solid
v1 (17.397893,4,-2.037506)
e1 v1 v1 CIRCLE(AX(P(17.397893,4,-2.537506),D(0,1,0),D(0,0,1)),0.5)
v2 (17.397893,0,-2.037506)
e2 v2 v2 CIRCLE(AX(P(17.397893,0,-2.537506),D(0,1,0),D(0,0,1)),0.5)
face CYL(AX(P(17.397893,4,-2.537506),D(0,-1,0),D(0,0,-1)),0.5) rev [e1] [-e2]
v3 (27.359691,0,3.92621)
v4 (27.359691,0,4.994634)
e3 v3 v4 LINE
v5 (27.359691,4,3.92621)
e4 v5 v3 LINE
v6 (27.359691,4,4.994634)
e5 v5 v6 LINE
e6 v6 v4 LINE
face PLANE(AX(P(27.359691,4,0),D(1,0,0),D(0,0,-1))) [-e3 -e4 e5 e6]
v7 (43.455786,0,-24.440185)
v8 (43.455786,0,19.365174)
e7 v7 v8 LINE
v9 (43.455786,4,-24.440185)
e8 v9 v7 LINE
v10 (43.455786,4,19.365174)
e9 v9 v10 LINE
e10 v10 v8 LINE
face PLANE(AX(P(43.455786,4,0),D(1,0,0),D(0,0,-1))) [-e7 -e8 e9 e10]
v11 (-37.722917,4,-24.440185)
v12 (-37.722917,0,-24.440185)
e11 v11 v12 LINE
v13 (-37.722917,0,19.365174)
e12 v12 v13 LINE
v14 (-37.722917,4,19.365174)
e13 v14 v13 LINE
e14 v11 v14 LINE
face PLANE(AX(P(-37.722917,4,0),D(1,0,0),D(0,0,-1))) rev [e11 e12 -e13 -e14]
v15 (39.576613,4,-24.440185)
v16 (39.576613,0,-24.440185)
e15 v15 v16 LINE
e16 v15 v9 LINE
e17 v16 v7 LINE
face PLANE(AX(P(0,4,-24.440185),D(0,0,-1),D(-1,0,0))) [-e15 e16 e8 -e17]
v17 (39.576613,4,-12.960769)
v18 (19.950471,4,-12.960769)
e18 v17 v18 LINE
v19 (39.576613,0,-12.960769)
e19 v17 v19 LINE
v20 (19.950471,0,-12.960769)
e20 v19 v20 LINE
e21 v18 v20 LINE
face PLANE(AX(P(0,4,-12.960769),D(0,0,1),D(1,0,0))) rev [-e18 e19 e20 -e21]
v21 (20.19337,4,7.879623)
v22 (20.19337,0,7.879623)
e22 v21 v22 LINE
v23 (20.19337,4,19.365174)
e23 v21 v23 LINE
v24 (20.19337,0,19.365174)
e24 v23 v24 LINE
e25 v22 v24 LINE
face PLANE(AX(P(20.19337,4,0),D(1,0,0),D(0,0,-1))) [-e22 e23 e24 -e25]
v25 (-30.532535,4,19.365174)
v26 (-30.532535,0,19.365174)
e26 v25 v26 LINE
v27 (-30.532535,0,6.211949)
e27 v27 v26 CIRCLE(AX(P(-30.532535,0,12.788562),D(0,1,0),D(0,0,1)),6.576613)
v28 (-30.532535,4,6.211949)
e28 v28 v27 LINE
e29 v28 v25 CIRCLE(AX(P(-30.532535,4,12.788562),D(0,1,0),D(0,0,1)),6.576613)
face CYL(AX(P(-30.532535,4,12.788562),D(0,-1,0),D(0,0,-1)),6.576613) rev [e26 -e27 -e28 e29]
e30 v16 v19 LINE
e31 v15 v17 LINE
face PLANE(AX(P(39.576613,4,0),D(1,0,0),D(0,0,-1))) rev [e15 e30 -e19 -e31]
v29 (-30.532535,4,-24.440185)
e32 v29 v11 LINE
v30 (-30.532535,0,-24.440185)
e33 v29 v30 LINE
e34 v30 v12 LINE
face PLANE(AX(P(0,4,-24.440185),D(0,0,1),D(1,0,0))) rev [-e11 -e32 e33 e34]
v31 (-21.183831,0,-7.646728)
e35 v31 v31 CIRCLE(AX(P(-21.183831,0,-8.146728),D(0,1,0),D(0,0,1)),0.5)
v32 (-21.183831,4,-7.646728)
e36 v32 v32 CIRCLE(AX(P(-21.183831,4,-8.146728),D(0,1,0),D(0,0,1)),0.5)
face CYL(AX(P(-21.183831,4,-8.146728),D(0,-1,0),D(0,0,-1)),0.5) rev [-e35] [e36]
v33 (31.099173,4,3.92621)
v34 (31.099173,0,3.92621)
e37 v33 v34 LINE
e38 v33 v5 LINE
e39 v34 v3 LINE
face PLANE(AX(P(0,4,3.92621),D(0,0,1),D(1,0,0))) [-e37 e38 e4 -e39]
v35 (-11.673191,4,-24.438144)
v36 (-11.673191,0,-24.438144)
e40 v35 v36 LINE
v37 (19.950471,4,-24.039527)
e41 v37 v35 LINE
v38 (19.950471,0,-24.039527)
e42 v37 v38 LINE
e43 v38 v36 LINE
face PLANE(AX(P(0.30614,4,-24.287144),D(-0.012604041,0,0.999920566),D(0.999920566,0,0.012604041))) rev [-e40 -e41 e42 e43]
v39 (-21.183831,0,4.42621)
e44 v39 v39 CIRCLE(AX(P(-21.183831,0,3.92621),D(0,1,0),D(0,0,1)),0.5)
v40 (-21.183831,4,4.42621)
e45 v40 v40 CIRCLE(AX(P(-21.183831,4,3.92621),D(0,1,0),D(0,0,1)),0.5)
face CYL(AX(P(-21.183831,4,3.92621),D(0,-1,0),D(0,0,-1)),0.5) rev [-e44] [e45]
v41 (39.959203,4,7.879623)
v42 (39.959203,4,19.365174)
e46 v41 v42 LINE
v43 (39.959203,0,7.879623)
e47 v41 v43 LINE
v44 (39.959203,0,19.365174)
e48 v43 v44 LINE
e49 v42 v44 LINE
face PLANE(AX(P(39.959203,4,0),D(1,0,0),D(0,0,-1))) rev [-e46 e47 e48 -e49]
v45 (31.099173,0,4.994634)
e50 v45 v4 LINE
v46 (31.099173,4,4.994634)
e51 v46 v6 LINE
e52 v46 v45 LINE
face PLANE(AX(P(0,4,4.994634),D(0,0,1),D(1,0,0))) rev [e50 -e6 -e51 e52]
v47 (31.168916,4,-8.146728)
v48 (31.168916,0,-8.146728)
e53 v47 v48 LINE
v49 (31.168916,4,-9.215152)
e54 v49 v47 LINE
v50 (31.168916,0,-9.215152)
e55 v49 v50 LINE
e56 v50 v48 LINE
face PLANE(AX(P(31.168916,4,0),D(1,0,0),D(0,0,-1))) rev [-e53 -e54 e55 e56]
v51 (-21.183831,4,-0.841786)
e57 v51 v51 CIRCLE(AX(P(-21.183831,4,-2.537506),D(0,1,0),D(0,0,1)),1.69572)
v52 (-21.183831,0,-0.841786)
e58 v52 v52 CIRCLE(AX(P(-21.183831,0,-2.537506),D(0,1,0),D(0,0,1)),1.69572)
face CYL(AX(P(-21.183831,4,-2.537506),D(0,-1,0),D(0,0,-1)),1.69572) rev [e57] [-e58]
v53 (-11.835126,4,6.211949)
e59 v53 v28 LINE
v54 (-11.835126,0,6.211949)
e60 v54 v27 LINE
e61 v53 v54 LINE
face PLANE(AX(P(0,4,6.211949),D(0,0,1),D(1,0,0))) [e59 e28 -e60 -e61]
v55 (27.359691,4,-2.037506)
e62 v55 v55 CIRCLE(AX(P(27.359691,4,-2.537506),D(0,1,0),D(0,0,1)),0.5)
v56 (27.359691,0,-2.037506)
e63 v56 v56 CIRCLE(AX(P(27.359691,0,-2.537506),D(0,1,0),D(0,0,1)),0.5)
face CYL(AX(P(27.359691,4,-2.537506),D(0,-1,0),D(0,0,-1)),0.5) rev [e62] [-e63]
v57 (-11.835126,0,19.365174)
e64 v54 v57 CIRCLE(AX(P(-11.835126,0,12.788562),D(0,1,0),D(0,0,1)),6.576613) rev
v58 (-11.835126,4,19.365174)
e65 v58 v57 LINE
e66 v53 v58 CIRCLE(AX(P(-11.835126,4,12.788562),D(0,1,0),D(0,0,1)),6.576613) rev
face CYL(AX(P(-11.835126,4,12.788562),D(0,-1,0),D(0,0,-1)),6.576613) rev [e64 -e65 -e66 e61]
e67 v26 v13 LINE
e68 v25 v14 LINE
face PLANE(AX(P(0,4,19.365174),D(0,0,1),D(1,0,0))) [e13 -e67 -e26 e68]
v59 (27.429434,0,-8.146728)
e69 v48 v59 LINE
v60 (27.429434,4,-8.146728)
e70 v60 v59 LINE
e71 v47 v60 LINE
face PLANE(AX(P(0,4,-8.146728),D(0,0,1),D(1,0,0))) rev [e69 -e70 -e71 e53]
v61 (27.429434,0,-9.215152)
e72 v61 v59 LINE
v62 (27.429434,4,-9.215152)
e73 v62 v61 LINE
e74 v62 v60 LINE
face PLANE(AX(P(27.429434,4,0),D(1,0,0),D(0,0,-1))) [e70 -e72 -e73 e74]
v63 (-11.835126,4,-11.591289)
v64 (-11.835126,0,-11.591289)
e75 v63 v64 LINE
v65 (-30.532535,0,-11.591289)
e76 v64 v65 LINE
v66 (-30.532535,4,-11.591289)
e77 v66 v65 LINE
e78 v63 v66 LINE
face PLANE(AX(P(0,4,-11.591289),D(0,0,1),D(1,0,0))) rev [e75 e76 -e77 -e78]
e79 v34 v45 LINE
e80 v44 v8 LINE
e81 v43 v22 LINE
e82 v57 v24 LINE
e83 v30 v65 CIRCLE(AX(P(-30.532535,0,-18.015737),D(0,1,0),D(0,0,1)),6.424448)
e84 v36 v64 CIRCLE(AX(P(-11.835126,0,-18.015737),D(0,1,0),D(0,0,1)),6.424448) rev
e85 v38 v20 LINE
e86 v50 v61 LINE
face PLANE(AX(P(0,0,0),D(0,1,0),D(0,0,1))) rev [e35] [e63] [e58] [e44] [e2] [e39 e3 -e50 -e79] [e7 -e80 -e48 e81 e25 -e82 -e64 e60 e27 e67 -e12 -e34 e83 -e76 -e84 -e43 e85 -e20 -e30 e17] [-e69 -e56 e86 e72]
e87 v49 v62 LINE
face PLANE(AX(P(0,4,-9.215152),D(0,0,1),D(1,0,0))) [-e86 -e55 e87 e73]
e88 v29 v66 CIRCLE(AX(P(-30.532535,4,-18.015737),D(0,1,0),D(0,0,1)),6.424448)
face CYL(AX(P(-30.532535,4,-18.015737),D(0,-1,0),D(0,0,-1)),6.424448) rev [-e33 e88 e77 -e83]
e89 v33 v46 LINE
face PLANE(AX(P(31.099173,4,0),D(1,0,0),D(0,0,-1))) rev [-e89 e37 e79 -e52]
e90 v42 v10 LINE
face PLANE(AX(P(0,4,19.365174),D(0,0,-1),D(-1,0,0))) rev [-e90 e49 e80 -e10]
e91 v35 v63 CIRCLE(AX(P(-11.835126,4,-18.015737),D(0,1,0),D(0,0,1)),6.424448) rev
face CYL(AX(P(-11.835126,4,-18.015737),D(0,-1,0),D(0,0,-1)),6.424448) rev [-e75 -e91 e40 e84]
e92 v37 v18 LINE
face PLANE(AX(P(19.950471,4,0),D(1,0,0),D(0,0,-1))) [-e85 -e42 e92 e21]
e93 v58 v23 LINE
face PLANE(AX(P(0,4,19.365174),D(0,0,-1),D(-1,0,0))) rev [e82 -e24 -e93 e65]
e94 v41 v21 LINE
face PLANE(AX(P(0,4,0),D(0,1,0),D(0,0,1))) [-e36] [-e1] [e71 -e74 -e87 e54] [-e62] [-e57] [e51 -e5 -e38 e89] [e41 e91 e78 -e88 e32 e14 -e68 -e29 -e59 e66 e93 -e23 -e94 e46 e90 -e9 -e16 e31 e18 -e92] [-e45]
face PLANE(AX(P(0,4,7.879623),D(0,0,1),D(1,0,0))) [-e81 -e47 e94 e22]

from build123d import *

# Parameters (mm, degrees)
SKETCH1_R           = 0.5
SKETCH1_R_2         = 1.695720035
SKETCH1_W           = 3.739481929
SKETCH1_H           = 1.068423409
SKETCH1_W_2         = 3.73948193
BOSS_EXTRUDE1_DEPTH = 4


with BuildPart() as part:
    # Sketch1 → Boss-Extrude1 (new body)
    with BuildSketch(Plane(origin=(0, 0, 0), x_dir=(1, 0, 0), z_dir=(0, 1, 0))):
        with BuildLine():
            Line((43.455785529, -19.365174275), (43.455785529, 24.440185465))
            Line((43.455785529, 24.440185465), (39.576612996, 24.440185465))
            Line((39.576612996, 24.440185465), (39.576612996, 12.960768953))
            Line((39.576612996, 12.960768953), (19.950470546, 12.960768953))
            Line((19.950470546, 12.960768953), (19.950470546, 24.039526687))
            Line((19.950470546, 24.039526687), (-11.673190701, 24.438144265))
            ThreePointArc((-11.673190701, 24.438144265), (-5.411187986, 17.934763274), (-11.83512585, 11.591289096))
            Line((-11.83512585, 11.591289096), (-30.532535496, 11.591289096))
            ThreePointArc((-30.532535496, 11.591289096), (-36.95698368, 18.01573728), (-30.532535496, 24.440185465))
            Line((-30.532535496, 24.440185465), (-37.72291673, 24.440185465))
            Line((-37.72291673, 24.440185465), (-37.72291673, -19.365174275))
            Line((-37.72291673, -19.365174275), (-30.532535496, -19.365174275))
            ThreePointArc((-30.532535496, -19.365174275), (-37.109148108, -12.788561662), (-30.532535496, -6.21194905))
            Line((-30.532535496, -6.21194905), (-11.83512585, -6.21194905))
            ThreePointArc((-11.83512585, -6.21194905), (-5.258513237, -12.788561662), (-11.83512585, -19.365174275))
            Line((-11.83512585, -19.365174275), (20.193370142, -19.365174275))
            Line((20.193370142, -19.365174275), (20.193370142, -7.879622636))
            Line((20.193370142, -7.879622636), (39.959203195, -7.879622636))
            Line((39.959203195, -7.879622636), (39.959203195, -19.365174275))
            Line((39.959203195, -19.365174275), (43.455785529, -19.365174275))
        make_face()
        with Locations((-21.183830673, -3.926210212)):
            Circle(SKETCH1_R, mode=Mode.SUBTRACT)
        with Locations((-21.183830673, 2.537505595)):
            Circle(SKETCH1_R_2, mode=Mode.SUBTRACT)
        with Locations((17.397892673, 2.537505595)):
            Circle(SKETCH1_R, mode=Mode.SUBTRACT)
        with Locations((29.229431853, -4.460421917)):
            Rectangle(SKETCH1_W, SKETCH1_H, mode=Mode.SUBTRACT)
        with Locations((27.359690888, 2.537505595)):
            Circle(SKETCH1_R, mode=Mode.SUBTRACT)
        with Locations((-21.183830673, 8.146728488)):
            Circle(SKETCH1_R, mode=Mode.SUBTRACT)
        with Locations((29.299175369, 8.680940192)):
            Rectangle(SKETCH1_W_2, SKETCH1_H, mode=Mode.SUBTRACT)
    extrude(amount=BOSS_EXTRUDE1_DEPTH)


solid = part.part
